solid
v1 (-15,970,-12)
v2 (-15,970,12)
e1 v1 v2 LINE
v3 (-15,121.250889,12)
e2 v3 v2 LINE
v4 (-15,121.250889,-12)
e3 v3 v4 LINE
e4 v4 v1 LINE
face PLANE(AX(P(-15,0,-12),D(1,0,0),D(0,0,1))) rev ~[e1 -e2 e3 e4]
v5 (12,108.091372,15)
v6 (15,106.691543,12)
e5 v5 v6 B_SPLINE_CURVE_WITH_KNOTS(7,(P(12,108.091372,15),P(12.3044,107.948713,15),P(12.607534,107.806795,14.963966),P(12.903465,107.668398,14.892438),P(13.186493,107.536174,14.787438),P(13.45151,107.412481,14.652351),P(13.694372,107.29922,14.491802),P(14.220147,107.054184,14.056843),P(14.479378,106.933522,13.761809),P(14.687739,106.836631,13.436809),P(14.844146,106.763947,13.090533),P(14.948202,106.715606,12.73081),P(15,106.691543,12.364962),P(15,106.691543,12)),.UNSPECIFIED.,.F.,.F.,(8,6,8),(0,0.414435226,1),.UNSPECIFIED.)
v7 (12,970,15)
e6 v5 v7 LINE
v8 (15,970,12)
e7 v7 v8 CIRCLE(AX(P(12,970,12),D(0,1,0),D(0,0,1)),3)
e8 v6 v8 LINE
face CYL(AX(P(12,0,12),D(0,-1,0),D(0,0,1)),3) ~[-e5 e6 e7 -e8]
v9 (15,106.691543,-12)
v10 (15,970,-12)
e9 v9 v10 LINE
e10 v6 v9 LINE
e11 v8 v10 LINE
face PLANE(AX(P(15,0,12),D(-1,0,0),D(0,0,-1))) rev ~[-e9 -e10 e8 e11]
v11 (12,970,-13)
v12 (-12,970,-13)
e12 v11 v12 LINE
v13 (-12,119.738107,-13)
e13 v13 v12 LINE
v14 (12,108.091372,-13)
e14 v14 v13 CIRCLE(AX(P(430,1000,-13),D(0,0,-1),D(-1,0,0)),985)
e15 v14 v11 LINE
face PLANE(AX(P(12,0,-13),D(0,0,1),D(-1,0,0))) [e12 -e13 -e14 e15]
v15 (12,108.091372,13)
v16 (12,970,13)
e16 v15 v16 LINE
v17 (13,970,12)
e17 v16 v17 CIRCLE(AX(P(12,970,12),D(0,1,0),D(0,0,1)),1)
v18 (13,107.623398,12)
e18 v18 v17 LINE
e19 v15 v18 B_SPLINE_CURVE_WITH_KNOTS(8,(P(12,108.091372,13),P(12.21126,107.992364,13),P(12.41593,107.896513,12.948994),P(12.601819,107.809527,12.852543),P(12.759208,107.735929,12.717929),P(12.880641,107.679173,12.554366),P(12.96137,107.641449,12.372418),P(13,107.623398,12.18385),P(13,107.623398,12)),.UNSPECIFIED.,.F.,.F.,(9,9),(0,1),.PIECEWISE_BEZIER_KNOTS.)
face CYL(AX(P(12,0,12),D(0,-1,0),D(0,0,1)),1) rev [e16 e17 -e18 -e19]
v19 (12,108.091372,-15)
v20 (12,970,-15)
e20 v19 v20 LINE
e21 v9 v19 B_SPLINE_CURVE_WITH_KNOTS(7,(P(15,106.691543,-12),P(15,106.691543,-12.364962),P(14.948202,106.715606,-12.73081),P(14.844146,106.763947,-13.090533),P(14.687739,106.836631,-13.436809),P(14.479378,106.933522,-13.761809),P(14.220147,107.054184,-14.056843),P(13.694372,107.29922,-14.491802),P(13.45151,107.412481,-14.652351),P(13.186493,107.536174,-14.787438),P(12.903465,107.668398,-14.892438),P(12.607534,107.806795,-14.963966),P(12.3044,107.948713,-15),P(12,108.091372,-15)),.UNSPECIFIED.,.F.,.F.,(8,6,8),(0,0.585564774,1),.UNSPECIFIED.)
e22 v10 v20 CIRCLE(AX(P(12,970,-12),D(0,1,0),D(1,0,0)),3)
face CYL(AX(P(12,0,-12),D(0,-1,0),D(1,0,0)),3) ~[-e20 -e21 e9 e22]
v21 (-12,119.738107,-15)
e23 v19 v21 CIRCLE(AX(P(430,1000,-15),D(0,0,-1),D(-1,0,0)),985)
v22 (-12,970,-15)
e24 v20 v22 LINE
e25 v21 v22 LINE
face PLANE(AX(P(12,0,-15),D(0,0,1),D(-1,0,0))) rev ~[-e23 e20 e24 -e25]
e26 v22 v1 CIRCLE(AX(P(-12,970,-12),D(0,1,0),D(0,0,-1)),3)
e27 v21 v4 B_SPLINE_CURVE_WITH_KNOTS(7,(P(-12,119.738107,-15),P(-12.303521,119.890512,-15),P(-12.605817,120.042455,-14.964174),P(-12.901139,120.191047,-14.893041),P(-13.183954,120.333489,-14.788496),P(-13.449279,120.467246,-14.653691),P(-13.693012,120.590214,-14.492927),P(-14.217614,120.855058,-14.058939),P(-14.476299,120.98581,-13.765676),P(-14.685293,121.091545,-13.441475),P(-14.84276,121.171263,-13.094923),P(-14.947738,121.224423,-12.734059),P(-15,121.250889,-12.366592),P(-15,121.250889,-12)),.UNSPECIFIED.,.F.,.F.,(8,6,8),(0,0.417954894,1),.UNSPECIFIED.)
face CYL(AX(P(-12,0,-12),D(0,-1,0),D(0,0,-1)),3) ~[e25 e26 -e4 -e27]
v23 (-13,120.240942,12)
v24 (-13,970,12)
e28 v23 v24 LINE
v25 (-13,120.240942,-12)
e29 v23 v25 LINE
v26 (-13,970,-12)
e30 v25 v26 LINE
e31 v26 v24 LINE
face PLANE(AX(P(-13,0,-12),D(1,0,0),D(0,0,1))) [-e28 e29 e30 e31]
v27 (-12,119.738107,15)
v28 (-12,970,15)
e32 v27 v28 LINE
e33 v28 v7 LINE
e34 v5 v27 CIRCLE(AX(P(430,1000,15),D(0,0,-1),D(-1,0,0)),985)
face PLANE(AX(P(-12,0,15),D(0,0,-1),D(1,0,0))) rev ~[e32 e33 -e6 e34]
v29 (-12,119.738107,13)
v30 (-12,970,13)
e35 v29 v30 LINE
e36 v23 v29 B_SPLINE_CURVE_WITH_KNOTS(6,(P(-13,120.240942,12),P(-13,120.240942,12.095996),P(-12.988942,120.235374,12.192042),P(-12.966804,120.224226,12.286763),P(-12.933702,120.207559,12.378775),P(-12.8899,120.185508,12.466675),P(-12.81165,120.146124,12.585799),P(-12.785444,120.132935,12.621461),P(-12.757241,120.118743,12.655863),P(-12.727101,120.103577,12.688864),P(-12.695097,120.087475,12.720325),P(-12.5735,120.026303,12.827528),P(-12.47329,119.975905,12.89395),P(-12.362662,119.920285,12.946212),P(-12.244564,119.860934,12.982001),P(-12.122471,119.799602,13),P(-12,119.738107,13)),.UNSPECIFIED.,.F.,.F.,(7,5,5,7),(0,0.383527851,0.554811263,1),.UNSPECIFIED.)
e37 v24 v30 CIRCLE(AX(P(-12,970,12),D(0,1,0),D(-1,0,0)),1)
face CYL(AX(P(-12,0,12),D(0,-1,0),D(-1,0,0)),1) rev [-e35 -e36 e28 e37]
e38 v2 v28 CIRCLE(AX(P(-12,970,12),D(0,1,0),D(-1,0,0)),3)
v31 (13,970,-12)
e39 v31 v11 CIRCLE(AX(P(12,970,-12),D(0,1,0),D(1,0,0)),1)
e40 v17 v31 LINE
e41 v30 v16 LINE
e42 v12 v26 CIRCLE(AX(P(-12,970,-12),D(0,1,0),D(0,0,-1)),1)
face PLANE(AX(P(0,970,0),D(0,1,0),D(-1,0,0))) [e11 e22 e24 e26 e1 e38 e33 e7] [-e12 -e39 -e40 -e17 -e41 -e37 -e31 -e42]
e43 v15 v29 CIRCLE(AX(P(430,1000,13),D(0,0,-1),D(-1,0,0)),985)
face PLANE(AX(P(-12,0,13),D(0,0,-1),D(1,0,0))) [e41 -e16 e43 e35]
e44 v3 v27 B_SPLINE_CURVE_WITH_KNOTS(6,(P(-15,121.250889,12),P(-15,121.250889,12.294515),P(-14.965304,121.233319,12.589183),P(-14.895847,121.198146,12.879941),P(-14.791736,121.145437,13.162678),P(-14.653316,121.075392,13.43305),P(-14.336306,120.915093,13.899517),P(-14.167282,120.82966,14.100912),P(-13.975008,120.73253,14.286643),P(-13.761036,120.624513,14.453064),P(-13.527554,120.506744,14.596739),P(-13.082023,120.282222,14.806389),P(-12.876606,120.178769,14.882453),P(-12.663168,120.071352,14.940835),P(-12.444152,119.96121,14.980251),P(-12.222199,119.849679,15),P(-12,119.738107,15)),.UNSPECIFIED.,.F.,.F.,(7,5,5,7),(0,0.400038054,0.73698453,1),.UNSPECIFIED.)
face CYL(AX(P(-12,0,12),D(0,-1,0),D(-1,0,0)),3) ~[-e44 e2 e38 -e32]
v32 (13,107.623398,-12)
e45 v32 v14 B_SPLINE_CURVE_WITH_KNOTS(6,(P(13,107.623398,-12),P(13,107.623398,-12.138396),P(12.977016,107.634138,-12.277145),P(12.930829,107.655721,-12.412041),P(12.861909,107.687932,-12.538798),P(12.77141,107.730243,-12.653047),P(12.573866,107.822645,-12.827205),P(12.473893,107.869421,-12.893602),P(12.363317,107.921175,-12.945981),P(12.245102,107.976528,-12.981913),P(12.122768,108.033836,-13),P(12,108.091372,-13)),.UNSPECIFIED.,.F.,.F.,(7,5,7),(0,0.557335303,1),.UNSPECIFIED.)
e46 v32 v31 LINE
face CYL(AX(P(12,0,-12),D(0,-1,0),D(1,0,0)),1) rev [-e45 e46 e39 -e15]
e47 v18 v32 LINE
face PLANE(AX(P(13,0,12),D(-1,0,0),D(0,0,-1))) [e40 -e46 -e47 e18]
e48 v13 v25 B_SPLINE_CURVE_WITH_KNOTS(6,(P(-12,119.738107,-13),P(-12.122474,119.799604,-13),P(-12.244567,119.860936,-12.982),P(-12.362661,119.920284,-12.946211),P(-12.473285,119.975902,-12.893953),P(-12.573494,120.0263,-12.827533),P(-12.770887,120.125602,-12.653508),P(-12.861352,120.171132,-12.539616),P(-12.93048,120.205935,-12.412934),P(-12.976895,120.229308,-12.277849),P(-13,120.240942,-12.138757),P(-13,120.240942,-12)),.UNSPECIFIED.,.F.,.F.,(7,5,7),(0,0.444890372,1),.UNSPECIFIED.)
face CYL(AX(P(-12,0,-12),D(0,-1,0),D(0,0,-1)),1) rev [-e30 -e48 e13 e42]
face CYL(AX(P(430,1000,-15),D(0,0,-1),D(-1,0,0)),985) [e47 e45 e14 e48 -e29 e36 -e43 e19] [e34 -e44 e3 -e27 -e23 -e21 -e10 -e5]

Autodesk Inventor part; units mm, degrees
ref_plane "YZ Plane" through (0, 0, 0) normal (1, 0, 0) x (0, 1, 0)
ref_plane "XZ Plane" through (0, 0, 0) normal (0, 1, 0) x (-1, 0, 0)
sketch "Sketch1" plane through (0, 0, 0) normal (0, 1, 0) x (-1, 0, 0)
  line L0 (-12, 14) -> (12, 14) construction
  line L1 (14, 12) -> (14, -12) construction
  line L2 (12, -14) -> (-12, -14) construction
  line L3 (-14, -12) -> (-14, 12) construction
  line L4 (-14, 14) -> (14, -14) construction
  line L5 (14, 14) -> (-14, -14) construction
  arc A0 (14, 12) -> (12, 14) centre (12, 12) ccw construction
  arc A1 (12, -14) -> (14, -12) centre (12, -12) ccw construction
  arc A2 (-14, -12) -> (-12, -14) centre (-12, -12) ccw construction
  arc A3 (-12, 14) -> (-14, 12) centre (-12, 12) ccw construction
  line L6 (-12, -15) -> (12, -15)
  arc A4 (12, -15) -> (15, -12) centre (12, -12) ccw
  line L7 (15, -12) -> (15, 12)
  arc A5 (15, 12) -> (12, 15) centre (12, 12) ccw
  line L8 (12, 15) -> (-12, 15)
  arc A6 (-12, 15) -> (-15, 12) centre (-12, 12) ccw
  line L9 (-15, 12) -> (-15, -12)
  arc A7 (-15, -12) -> (-12, -15) centre (-12, -12) ccw
  line L10 (13, -12) -> (13, 12)
  arc A8 (13, 12) -> (12, 13) centre (12, 12) ccw
  line L11 (12, 13) -> (-12, 13)
  arc A9 (-12, 13) -> (-13, 12) centre (-12, 12) ccw
  line L12 (-13, 12) -> (-13, -12)
  arc A10 (-13, -12) -> (-12, -13) centre (-12, -12) ccw
  line L13 (-12, -13) -> (12, -13)
  arc A11 (12, -13) -> (13, -12) centre (12, -12) ccw
  point P0 (0, 0)
  point P1 (0, 0)
  point P2 (0, 0)
  dimension "d10" = 2
  dimension "depth" = 30
  dimension "width" = 30
  dimension "thickness" = 2
extrude "Extrusion1" add sketch "Sketch1" along normal blind 970
ref_plane "Work Plane1" through (0, 485, 0) normal (0, -1, 0) x (1, 0, 0)
sketch "Sketch3" plane through (12, 0, -15) normal (0, 0, -1) x (-1, 0, 0)
  line L0 (12, -397) -> (12, 2382) construction
  circle A0 centre (-418, 1000) radius 985
  point P0 (12, 0)
  dimension "d29" = 1970
  dimension "d31" = 1000
  dimension "d34" = 430
extrude "Extrusion2" cut sketch "Sketch3" against normal through all keep common part
equation "\"d10\" = thickness"
properties part number "podest duzy profil 3" material "Steel"
